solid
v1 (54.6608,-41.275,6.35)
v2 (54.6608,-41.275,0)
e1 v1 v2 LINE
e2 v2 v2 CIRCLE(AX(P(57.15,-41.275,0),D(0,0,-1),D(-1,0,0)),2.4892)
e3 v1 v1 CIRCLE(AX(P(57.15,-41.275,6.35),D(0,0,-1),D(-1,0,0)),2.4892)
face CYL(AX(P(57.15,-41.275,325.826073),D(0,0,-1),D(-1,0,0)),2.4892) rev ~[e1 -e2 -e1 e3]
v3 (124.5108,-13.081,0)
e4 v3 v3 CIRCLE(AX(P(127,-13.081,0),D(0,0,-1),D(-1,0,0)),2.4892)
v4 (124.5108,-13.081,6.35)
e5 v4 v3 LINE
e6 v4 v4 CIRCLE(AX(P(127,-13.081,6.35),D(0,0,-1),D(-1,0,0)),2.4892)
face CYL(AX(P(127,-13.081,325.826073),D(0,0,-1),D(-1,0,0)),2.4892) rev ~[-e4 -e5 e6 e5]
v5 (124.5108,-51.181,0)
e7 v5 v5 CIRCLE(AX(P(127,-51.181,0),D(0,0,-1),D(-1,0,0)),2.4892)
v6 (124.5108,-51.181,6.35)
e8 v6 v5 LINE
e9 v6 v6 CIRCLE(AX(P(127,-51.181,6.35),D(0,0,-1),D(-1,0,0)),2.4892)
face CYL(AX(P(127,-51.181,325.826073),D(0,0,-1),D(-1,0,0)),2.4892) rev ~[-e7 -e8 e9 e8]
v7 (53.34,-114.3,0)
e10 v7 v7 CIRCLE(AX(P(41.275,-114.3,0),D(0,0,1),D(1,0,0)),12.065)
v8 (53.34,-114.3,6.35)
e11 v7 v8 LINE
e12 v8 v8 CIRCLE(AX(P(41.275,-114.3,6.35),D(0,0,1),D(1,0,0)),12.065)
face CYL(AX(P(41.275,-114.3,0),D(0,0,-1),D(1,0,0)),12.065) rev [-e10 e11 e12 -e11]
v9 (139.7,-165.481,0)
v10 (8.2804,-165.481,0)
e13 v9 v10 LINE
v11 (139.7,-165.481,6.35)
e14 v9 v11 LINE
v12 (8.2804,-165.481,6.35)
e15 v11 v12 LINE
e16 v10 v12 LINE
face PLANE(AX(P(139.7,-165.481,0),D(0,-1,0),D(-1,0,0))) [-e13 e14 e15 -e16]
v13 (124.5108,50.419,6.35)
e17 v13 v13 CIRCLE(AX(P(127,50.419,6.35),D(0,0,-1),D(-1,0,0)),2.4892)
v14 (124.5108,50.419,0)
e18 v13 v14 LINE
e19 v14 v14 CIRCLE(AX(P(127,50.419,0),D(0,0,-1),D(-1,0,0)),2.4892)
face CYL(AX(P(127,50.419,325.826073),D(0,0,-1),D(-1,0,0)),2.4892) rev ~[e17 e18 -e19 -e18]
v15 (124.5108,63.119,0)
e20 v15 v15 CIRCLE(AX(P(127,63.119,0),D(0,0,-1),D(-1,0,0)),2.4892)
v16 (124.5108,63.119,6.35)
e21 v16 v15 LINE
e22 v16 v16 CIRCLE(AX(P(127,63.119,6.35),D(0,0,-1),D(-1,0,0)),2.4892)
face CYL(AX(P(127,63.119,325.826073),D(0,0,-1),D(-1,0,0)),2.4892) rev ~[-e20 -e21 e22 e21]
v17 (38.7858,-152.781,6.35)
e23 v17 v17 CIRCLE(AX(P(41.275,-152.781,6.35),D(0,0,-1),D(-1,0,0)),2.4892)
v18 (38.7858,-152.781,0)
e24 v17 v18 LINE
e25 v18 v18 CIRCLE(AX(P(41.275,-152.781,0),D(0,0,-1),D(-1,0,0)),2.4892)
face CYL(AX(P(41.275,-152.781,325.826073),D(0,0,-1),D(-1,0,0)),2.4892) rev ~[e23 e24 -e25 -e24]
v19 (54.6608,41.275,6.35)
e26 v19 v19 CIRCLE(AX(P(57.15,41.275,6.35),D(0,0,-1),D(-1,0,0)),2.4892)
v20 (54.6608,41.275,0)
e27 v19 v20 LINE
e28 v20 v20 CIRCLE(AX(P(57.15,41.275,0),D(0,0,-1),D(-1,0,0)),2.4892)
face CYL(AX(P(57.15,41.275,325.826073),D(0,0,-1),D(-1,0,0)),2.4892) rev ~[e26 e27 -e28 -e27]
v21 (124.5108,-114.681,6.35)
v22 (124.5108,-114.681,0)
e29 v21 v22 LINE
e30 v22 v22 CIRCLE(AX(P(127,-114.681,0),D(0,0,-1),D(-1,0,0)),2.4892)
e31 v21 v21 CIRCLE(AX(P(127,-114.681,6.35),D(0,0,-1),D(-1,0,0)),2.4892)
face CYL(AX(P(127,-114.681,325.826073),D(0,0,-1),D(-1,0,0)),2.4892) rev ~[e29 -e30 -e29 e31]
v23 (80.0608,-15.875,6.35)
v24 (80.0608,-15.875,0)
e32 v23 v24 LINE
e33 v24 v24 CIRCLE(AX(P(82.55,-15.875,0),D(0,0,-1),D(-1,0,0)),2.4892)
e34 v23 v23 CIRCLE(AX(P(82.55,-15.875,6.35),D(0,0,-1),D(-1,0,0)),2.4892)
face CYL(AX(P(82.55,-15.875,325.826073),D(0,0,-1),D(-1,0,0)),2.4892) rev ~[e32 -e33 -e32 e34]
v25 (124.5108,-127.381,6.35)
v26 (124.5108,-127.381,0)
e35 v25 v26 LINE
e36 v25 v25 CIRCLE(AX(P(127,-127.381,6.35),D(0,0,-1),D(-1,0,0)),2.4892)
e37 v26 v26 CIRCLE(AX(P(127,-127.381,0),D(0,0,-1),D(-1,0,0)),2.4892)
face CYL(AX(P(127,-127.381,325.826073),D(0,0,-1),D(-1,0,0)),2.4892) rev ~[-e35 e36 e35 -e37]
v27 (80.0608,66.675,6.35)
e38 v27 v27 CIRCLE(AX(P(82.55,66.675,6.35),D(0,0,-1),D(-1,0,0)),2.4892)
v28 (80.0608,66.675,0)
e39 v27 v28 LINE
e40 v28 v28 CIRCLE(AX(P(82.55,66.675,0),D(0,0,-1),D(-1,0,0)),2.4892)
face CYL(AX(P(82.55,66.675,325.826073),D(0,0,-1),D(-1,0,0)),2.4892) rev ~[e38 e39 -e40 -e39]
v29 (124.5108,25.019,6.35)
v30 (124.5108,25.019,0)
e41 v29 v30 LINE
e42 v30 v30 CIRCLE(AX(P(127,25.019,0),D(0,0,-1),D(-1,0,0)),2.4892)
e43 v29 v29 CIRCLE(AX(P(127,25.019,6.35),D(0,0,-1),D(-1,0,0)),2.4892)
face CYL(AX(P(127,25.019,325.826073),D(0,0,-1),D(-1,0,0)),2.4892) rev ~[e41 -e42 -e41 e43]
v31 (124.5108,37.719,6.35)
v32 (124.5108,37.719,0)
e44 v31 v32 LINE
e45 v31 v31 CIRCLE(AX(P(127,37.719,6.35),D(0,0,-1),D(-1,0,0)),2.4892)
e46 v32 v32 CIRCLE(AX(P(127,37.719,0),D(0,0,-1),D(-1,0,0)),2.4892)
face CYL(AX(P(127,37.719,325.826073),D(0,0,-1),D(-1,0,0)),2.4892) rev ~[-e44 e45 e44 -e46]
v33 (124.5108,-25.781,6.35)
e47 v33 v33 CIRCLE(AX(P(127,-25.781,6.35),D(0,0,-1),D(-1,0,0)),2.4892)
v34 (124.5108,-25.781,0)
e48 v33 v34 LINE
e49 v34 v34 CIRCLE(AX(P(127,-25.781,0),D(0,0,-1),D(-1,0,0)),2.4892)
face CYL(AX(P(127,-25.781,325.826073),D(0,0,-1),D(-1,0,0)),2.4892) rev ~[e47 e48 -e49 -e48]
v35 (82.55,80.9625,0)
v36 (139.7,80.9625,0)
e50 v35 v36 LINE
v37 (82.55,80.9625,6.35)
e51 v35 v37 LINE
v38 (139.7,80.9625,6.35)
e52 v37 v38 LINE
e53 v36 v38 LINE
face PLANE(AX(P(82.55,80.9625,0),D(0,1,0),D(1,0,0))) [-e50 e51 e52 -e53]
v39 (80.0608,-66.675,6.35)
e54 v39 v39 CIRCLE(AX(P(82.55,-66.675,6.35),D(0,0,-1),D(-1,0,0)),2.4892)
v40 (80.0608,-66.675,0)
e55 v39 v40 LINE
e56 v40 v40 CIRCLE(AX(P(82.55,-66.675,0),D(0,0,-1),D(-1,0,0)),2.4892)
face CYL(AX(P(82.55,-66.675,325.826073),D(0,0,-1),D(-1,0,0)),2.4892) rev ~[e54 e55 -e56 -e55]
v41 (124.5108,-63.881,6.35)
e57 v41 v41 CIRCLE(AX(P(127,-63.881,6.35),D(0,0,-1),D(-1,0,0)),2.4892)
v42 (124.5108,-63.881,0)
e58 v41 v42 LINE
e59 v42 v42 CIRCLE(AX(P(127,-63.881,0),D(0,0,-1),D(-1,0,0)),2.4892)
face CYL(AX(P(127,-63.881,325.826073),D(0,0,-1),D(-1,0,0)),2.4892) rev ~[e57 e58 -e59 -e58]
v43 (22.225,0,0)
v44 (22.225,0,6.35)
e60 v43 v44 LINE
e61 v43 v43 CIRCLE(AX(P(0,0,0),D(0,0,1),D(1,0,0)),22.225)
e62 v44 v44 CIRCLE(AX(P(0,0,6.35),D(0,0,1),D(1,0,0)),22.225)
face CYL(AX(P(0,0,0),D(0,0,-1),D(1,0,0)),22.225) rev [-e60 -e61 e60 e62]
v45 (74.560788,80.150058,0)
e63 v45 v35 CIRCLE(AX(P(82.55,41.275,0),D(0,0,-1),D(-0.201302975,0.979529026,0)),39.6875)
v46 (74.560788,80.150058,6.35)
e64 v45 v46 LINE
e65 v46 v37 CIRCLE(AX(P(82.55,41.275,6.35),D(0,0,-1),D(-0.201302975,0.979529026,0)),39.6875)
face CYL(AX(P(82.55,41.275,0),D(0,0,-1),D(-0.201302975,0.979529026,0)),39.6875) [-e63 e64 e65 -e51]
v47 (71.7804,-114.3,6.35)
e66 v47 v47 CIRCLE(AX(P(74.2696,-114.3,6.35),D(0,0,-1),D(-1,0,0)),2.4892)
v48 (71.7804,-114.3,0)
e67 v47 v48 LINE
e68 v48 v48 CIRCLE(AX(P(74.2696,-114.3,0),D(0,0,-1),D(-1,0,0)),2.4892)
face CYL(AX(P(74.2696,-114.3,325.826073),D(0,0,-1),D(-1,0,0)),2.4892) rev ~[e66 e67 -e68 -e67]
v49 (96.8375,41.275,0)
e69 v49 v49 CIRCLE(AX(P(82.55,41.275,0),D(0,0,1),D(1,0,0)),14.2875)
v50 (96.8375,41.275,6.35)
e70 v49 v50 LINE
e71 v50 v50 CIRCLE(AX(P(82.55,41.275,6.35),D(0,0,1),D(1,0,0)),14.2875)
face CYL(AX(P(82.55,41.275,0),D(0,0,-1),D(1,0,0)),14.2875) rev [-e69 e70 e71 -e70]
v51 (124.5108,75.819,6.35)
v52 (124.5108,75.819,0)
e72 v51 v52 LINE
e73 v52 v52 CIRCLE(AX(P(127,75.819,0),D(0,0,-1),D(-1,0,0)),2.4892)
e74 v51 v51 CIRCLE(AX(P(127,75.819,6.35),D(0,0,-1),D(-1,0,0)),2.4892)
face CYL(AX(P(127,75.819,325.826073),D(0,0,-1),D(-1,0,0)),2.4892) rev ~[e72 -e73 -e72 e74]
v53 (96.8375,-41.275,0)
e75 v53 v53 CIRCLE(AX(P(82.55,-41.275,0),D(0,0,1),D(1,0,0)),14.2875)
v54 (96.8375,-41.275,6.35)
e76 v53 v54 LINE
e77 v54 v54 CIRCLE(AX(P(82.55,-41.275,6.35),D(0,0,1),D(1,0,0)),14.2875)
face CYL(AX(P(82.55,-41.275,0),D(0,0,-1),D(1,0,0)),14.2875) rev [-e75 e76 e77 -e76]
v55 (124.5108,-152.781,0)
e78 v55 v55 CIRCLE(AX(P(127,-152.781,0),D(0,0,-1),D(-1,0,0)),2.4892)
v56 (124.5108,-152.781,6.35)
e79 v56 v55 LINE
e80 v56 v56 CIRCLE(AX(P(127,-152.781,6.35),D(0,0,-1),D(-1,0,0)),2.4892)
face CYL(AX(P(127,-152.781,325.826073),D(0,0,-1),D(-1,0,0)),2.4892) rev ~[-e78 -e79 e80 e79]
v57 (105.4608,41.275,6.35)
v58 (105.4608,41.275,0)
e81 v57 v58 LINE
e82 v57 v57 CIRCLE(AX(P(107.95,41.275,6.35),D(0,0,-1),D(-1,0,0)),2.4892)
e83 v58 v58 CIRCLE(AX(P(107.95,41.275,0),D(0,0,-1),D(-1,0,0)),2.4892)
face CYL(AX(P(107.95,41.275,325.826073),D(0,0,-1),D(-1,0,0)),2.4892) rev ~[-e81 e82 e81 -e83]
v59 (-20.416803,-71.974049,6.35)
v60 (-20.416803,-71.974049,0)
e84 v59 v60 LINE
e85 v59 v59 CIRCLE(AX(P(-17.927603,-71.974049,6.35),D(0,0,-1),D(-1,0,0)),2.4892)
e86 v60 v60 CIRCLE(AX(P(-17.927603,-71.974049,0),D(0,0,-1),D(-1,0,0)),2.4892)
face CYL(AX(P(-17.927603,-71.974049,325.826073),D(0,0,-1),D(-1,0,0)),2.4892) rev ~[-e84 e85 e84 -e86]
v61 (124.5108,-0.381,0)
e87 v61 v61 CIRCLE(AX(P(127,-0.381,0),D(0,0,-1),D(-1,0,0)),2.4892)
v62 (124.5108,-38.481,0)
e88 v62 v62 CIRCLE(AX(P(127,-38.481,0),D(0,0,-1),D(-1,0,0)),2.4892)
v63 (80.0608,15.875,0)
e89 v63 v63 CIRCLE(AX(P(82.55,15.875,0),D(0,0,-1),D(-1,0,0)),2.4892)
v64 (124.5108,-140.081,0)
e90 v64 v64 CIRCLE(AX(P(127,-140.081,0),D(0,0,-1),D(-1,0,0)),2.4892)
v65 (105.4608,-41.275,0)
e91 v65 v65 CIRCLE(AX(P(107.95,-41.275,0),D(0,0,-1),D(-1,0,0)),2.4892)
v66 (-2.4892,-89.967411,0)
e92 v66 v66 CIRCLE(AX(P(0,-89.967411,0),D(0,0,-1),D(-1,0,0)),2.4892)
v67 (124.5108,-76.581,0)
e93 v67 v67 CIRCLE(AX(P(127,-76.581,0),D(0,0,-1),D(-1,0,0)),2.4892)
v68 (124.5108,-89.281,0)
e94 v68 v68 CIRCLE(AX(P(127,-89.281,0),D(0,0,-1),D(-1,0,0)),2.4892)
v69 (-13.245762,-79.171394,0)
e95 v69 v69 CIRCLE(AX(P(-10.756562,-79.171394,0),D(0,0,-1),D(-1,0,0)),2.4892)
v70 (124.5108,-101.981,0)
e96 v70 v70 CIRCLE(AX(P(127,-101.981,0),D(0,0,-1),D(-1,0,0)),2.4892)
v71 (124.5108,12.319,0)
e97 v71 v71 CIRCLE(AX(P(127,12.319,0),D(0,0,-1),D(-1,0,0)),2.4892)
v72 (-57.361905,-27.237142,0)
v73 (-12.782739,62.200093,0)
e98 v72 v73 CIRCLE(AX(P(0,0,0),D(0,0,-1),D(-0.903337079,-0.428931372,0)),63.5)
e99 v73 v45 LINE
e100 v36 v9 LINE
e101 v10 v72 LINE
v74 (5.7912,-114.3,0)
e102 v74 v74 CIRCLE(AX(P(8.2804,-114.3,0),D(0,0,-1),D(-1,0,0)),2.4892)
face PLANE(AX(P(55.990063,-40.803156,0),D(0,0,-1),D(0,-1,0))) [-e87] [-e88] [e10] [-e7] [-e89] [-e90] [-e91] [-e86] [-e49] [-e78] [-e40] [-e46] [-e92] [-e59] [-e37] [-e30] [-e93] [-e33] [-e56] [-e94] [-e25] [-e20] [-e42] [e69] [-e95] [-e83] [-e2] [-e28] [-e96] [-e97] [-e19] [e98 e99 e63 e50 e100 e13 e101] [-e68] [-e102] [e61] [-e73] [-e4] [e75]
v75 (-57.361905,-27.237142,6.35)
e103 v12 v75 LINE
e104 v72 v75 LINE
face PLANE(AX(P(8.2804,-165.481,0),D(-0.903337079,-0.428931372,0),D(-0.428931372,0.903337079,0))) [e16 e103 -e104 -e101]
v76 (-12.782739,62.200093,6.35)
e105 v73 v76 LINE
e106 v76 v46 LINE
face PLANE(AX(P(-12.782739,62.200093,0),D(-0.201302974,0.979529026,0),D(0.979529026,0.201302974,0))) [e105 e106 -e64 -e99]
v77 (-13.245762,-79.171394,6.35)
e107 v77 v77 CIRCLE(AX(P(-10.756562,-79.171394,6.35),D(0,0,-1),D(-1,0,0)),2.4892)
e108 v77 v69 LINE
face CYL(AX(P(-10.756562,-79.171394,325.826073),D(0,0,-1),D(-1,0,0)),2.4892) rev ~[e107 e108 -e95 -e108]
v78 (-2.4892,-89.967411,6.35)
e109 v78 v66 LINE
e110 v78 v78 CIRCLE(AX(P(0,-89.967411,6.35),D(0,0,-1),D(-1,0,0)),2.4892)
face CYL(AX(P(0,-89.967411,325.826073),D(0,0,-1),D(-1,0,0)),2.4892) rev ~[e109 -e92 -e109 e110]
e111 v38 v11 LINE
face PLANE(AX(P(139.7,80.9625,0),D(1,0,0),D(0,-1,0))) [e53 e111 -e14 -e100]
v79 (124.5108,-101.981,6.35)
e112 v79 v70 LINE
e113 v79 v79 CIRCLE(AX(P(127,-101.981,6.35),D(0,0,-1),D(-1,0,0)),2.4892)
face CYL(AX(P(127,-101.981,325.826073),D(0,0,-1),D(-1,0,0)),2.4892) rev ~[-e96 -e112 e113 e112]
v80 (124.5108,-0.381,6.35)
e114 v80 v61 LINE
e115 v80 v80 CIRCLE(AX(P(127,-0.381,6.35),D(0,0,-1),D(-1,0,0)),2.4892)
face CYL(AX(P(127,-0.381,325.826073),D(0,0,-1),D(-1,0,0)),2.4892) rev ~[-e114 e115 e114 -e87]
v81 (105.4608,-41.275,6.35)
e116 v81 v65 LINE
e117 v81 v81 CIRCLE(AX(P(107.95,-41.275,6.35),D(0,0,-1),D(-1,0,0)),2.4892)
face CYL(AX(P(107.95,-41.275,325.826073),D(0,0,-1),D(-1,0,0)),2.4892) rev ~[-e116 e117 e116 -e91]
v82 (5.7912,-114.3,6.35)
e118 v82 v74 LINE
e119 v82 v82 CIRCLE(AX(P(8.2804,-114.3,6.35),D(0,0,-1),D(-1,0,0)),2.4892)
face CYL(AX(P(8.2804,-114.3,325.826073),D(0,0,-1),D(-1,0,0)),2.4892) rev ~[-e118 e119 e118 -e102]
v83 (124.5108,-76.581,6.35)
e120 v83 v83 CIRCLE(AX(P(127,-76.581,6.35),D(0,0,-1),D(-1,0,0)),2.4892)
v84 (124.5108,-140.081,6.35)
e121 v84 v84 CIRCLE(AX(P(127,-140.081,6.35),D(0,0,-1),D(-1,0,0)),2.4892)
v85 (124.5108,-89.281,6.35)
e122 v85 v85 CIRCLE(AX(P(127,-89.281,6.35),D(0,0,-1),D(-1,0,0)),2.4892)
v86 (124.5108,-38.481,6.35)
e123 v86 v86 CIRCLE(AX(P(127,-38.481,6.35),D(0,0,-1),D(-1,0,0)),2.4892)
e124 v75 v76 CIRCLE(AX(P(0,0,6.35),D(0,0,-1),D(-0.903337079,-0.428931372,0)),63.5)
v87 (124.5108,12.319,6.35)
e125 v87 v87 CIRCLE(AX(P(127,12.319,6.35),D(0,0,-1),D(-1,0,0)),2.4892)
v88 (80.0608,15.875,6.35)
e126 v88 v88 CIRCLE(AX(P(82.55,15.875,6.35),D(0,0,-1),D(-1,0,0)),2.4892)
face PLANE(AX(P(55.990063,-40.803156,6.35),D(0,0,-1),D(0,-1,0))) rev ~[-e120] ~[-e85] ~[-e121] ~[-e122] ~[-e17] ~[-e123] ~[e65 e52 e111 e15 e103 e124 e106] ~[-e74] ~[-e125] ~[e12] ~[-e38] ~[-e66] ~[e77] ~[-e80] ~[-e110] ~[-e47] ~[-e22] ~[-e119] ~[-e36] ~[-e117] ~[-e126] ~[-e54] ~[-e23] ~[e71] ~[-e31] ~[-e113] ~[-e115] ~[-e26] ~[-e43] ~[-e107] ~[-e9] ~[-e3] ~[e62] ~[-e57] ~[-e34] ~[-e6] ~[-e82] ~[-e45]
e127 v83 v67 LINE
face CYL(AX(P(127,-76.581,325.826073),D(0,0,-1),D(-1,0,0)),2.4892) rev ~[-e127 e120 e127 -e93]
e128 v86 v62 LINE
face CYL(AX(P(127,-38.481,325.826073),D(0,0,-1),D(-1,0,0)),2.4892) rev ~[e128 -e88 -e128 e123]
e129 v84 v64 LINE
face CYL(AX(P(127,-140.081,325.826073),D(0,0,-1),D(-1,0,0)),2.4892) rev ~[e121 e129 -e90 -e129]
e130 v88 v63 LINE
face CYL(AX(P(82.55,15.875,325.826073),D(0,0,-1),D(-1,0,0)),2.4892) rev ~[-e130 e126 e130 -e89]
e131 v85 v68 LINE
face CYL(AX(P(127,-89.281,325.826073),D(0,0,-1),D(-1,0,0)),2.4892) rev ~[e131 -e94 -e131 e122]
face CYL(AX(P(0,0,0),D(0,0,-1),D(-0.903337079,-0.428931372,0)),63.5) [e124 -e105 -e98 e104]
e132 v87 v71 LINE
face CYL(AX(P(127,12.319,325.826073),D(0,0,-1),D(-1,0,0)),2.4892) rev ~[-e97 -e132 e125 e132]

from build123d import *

# Parameters (mm, degrees)
SKETCH1_R                  = 22.225
SKETCH1_R_2                = 14.2875
SKETCH1_R_3                = 12.065
BOSS_EXTRUDE1_DEPTH        = 6.35
F_9_0_196_DIAMETER_HOLE1_D = 4.9784


with BuildPart() as part:
    # Sketch1 → Boss-Extrude1 (new body)
    with BuildSketch(Plane(origin=(0, 0, 0), x_dir=(0, 1, 0), z_dir=(0, 0, 1))):
        with BuildLine():
            Line((80.9625, -82.55), (80.9625, -139.7))
            Line((80.9625, -139.7), (-165.481, -139.7))
            Line((-165.481, -139.7), (-165.481, -8.2804))
            Line((-165.481, -8.2804), (-27.237142114, 57.361904514))
            ThreePointArc((-27.237142114, 57.361904514), (28.32715108, 56.831527444), (62.200093141, 12.782738878))
            Line((62.200093141, 12.782738878), (80.150058213, -74.560788201))
            ThreePointArc((80.150058213, -74.560788201), (80.758867143, -78.534792445), (80.9625, -82.55))
        make_face()
        with Locations(Location((0, 0, 0), (0, 0, 270))):
            Circle(SKETCH1_R, mode=Mode.SUBTRACT)
        with Locations(Location((-41.275, -82.55, 0), (0, 0, 270))):
            Circle(SKETCH1_R_2, mode=Mode.SUBTRACT)
        with Locations(Location((41.275, -82.55, 0), (0, 0, 270))):
            Circle(SKETCH1_R_2, mode=Mode.SUBTRACT)
        with Locations(Location((-114.3, -41.275, 0), (0, 0, 270))):
            Circle(SKETCH1_R_3, mode=Mode.SUBTRACT)
    extrude(amount=BOSS_EXTRUDE1_DEPTH)

    # #9 (0.196) Diameter Hole1 (through all)
    with Locations(Plane.XY.offset(6.35)):
        with Locations((127, 75.819), (82.55, -41.275), (82.55, 41.275), (57.15, 41.275), (82.55, 66.675), (107.95, 41.275), (82.55, 15.875), (82.55, -15.875), (57.15, -41.275), (82.55, -66.675), (107.95, -41.275), (127, -152.781), (127, -140.081), (127, -127.381), (127, -114.681), (127, -101.981), (127, -89.281), (127, -76.581), (127, -63.881), (127, -51.181), (127, -38.481), (127, -25.781), (127, -13.081), (-17.927602772, -71.974049098), (-10.756561663, -79.171393707), (0, -89.96741062), (41.275, -112.8014), (74.2696, -114.3), (41.275, -152.781), (8.2804, -114.3), (127, -0.381), (127, 12.319), (127, 25.019), (127, 37.719), (127, 50.419), (127, 63.119)):
            Hole(F_9_0_196_DIAMETER_HOLE1_D / 2)


solid = part.part
